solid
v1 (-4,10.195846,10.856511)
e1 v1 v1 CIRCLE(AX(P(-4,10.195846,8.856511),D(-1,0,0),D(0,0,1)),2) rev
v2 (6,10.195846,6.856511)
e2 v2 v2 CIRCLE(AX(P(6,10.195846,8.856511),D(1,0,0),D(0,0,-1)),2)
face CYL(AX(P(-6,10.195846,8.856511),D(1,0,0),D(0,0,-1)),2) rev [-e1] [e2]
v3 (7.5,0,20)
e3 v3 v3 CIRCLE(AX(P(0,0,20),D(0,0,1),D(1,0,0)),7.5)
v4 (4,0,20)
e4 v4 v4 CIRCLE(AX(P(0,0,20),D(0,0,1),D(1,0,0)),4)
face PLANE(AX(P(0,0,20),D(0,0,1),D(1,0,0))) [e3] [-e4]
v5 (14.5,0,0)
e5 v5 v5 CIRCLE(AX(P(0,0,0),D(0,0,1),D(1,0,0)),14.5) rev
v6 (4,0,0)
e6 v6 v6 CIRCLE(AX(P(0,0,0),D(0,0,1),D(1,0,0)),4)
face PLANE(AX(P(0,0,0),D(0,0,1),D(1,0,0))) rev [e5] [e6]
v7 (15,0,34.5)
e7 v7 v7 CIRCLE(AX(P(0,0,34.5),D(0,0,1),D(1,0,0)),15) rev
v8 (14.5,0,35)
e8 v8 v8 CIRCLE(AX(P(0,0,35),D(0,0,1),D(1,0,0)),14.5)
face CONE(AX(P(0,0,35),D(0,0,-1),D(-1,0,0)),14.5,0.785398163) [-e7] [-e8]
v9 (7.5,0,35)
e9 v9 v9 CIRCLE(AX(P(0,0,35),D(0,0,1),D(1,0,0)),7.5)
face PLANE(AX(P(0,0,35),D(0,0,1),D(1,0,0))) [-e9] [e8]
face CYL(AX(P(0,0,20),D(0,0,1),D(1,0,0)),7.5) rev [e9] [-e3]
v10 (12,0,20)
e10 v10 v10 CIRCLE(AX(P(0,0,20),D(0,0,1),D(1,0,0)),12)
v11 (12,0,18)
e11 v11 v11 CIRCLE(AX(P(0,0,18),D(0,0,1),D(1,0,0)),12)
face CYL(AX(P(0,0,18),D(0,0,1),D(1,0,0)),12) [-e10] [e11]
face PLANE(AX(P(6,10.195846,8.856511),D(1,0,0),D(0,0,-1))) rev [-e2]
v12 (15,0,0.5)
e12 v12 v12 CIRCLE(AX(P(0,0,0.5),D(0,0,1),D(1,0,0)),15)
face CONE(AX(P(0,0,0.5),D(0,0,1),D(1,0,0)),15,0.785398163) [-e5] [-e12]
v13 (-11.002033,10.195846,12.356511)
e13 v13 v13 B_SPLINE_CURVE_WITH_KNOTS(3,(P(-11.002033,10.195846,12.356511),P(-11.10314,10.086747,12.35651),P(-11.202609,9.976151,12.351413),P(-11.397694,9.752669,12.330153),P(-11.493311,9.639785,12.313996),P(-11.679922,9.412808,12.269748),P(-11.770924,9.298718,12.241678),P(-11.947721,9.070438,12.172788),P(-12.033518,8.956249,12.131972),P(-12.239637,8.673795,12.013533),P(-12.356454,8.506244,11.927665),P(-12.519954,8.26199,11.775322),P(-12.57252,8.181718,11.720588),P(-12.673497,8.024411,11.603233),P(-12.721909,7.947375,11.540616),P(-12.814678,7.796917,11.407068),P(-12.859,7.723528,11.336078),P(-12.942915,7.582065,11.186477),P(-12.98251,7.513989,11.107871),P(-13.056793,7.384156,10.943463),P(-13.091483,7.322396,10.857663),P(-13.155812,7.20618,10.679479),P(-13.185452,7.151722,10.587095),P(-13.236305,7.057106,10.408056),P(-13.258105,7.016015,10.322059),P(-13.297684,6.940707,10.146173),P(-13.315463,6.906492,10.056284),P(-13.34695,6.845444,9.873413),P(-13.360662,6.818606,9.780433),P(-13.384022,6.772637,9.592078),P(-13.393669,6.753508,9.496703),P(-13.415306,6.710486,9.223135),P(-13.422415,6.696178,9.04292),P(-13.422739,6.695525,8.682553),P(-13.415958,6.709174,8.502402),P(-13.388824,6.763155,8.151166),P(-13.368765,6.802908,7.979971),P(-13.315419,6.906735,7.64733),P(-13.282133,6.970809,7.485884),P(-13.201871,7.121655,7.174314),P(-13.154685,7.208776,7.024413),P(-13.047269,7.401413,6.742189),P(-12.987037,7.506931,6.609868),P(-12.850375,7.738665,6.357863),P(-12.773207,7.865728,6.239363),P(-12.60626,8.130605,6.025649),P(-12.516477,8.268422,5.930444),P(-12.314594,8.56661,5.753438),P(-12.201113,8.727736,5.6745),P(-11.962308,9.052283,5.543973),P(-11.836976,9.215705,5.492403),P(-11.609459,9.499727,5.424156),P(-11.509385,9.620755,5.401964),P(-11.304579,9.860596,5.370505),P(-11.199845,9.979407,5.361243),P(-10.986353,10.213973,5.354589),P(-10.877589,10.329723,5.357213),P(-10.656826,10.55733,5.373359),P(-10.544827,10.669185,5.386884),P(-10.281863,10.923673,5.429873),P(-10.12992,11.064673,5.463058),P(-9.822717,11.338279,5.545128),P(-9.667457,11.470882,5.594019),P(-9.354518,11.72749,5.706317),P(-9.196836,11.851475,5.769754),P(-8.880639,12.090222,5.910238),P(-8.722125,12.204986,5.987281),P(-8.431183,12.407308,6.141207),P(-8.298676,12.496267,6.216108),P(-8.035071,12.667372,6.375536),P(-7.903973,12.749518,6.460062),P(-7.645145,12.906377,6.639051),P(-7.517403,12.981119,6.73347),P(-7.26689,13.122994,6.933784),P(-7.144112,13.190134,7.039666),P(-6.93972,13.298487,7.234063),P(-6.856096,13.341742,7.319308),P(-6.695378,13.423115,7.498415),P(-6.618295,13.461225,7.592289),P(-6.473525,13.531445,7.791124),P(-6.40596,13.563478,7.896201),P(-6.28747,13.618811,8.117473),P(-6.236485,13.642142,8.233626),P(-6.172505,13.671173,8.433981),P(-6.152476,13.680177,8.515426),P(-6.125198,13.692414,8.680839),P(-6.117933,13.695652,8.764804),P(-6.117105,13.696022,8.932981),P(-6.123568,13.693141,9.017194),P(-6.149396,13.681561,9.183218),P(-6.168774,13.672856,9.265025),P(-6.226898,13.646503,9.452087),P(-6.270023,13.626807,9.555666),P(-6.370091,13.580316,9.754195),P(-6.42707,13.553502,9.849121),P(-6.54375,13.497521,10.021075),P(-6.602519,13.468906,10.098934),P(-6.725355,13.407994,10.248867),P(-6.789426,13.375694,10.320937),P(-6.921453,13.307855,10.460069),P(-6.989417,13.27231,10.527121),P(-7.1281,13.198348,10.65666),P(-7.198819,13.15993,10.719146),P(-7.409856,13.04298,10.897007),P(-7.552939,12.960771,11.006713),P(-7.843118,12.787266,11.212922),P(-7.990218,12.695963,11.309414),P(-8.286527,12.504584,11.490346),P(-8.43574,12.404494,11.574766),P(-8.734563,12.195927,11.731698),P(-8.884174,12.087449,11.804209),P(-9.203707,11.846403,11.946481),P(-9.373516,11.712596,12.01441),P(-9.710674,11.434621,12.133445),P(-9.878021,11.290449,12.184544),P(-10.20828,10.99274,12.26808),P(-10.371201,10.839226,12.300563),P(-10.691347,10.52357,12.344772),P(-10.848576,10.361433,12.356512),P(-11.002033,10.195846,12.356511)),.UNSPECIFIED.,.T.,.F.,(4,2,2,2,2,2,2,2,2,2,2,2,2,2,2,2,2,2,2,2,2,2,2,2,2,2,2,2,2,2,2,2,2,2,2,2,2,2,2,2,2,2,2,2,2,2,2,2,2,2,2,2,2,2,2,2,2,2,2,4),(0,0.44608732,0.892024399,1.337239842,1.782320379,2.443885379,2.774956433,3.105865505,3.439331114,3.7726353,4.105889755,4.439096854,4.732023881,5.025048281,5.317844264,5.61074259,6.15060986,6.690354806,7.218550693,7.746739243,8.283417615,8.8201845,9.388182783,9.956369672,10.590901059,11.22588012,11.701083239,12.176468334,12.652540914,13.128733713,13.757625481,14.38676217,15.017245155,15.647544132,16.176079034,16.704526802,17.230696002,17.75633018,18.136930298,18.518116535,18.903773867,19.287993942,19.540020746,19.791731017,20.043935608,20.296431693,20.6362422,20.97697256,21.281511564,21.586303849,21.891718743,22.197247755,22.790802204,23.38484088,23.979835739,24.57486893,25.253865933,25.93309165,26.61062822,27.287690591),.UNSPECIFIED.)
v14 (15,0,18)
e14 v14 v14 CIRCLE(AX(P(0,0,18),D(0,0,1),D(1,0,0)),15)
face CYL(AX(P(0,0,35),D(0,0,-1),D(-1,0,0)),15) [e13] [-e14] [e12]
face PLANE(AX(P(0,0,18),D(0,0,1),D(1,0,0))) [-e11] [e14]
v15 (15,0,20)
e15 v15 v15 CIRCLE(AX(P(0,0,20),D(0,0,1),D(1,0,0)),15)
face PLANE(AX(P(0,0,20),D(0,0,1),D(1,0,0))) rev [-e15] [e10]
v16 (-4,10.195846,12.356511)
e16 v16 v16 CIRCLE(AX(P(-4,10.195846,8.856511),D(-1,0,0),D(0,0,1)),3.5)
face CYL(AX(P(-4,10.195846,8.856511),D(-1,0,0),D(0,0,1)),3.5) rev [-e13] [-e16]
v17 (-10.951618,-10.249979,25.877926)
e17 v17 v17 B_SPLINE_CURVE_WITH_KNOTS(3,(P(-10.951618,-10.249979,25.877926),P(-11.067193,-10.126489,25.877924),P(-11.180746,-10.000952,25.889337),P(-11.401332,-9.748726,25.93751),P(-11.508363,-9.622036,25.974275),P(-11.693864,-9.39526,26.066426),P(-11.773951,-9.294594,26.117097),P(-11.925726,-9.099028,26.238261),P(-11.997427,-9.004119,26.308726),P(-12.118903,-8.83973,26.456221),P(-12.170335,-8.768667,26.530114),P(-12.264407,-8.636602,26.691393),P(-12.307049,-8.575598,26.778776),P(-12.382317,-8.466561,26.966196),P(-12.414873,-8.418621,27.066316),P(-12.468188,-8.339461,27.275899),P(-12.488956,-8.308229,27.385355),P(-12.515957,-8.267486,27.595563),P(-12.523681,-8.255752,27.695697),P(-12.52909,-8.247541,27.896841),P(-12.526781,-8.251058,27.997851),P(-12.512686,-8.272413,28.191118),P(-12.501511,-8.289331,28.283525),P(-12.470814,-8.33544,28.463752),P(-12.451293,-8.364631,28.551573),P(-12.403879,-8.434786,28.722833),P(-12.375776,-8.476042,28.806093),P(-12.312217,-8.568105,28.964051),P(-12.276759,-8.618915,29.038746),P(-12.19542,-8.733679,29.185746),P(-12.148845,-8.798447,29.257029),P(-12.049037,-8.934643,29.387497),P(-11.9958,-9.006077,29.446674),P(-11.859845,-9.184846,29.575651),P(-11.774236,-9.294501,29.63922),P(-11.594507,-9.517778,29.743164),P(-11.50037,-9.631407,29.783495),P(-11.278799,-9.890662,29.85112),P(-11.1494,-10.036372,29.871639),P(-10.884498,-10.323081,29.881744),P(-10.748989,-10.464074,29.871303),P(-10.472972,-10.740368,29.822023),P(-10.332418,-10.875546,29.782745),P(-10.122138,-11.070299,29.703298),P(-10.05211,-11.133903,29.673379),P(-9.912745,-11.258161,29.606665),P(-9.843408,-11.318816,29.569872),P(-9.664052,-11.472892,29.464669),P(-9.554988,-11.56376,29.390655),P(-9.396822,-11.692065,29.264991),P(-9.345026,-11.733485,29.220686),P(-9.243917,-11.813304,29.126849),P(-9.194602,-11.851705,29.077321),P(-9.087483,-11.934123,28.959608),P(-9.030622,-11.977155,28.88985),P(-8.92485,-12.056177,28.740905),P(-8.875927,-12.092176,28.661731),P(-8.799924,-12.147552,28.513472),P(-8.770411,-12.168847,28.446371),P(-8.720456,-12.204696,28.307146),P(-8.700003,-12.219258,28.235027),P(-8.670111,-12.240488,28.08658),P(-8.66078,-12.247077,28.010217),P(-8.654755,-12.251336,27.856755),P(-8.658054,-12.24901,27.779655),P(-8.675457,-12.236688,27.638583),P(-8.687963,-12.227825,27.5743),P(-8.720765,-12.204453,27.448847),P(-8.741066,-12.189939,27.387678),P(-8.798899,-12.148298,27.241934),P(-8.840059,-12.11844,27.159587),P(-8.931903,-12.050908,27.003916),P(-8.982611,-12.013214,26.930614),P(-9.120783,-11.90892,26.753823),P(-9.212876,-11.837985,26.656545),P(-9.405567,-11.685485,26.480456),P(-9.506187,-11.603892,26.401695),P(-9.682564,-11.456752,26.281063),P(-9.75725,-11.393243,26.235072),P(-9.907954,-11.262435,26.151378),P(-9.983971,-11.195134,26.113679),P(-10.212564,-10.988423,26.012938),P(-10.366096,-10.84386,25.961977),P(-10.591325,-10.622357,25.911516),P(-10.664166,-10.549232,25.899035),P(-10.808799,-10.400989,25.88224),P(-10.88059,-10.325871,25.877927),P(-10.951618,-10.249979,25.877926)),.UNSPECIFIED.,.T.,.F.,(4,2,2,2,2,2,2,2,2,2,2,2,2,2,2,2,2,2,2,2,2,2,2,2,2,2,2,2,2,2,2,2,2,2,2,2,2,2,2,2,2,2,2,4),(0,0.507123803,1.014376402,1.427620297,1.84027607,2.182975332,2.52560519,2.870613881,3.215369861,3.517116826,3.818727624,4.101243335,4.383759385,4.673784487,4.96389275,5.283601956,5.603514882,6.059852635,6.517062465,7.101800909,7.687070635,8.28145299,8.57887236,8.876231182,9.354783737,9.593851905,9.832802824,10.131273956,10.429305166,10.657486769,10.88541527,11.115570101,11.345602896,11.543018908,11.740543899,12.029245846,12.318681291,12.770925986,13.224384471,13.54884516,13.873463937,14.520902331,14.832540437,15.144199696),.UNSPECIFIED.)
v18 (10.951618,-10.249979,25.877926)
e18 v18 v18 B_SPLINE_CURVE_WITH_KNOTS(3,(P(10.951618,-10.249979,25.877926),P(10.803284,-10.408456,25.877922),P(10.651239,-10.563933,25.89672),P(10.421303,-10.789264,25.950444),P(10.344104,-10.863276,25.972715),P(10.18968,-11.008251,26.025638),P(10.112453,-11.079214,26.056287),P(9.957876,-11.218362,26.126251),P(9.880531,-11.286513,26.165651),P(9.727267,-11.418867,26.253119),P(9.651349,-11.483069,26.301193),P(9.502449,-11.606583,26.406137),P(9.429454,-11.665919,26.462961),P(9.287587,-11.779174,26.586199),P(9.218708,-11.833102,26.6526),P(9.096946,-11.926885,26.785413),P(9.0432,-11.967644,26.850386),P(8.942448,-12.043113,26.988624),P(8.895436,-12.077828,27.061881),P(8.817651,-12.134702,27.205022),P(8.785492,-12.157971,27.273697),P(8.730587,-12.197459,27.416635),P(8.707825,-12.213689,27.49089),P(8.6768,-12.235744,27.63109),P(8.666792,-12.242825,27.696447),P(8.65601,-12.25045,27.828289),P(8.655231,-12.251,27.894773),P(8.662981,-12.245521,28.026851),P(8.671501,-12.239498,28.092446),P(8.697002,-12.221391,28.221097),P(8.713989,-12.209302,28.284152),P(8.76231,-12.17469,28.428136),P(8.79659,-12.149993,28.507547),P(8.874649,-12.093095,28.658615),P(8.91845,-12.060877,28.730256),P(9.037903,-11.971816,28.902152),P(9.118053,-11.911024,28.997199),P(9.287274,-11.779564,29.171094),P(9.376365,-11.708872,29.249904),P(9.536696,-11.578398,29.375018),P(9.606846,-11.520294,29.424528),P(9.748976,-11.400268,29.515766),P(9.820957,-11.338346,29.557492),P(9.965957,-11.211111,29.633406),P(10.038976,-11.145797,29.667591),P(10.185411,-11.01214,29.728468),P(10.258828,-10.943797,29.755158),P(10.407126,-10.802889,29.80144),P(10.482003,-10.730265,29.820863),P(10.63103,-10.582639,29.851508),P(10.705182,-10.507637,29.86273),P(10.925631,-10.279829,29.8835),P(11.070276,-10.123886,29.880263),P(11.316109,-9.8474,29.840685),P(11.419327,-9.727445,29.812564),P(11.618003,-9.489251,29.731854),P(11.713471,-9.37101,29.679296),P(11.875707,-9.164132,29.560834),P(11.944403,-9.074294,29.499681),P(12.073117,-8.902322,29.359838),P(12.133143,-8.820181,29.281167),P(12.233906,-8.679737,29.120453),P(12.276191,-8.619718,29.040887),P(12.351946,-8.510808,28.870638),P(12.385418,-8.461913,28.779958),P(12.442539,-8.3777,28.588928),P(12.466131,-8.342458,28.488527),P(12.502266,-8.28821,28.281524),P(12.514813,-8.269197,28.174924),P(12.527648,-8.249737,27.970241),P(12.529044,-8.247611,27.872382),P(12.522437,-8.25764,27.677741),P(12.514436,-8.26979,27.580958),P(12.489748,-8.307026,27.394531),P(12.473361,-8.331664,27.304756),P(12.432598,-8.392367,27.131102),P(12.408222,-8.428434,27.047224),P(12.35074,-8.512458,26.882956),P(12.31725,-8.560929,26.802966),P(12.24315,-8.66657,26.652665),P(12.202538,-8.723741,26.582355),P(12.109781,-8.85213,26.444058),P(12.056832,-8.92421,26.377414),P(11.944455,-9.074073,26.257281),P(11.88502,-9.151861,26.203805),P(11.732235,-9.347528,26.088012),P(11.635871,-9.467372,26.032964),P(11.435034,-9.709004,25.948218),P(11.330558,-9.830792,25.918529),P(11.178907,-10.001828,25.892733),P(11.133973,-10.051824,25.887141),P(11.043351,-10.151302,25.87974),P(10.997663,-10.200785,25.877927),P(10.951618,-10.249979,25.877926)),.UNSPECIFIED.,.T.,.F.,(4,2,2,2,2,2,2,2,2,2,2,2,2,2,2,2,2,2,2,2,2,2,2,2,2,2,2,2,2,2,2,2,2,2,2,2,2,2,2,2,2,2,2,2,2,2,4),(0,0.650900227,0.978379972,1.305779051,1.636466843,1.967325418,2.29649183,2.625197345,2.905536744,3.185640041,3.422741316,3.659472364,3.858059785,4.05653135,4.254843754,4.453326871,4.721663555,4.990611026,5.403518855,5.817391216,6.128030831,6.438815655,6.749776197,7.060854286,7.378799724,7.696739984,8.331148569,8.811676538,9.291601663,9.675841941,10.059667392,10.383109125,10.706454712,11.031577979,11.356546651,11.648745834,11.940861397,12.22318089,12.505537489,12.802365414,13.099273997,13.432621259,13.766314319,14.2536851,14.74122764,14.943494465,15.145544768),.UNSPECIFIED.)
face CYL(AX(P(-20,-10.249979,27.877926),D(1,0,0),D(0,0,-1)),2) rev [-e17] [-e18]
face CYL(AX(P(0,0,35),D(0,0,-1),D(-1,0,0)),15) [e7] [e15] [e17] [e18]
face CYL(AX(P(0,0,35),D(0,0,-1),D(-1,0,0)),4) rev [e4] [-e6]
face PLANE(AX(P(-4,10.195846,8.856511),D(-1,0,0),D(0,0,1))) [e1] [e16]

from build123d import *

# Parameters (mm, degrees)
SKETCH_1_R          = 15
SKETCH_1_R_2        = 4
EXTRUDE_1_DEPTH     = 35
SKETCH_2_R          = 7.5
CUT_EXTRUDE_1_DEPTH = 15
SKETCH_3_R          = 2
CUT_EXTRUDE_2_DEPTH = 6
SKETCH_4_R          = 3.5
CUT_EXTRUDE_3_DEPTH = 10
CUT_EXTRUDE_START   = -2
SKETCH_5_R          = 15
SKETCH_5_R_2        = 12
CUT_EXTRUDE_4_DEPTH = 2
SKETCH_6_R          = 2
CUT_EXTRUDE_5_DEPTH = 20
CHAMFER_1_SIZE      = 0.5


with BuildPart() as part:
    # 草图1 → 凸台-拉伸1 (new body)
    with BuildSketch(Plane.XY):
        Circle(SKETCH_1_R)
        Circle(SKETCH_1_R_2, mode=Mode.SUBTRACT)
    extrude(amount=EXTRUDE_1_DEPTH)

    # 草图2 → 切除-拉伸1 (cut)
    with BuildSketch(Plane.XY.offset(35)):
        Circle(SKETCH_2_R)
    extrude(amount=-CUT_EXTRUDE_1_DEPTH, mode=Mode.SUBTRACT)

    # 草图3 → 切除-拉伸2 (cut, symmetric)
    with BuildSketch(Plane(origin=(0, 0, 0), x_dir=(0, 0, -1), z_dir=(1, 0, 0))):
        with Locations((-8.856511141, 10.195845598)):
            Circle(SKETCH_3_R)
    extrude(amount=CUT_EXTRUDE_2_DEPTH, both=True, mode=Mode.SUBTRACT)

    # 草图4 → 切除-拉伸3 (cut)
    with BuildSketch(Plane.ZY.offset(14)):
        with Locations((8.856511141, 10.195845598)):
            Circle(SKETCH_4_R)
    extrude(amount=-CUT_EXTRUDE_3_DEPTH, mode=Mode.SUBTRACT)

    # 草图5 → 切除-拉伸4 (cut)
    with BuildSketch(Plane.XY.offset(20).offset(CUT_EXTRUDE_START)):
        Circle(SKETCH_5_R)
        Circle(SKETCH_5_R_2, mode=Mode.SUBTRACT)
    extrude(amount=CUT_EXTRUDE_4_DEPTH, mode=Mode.SUBTRACT)

    # 草图6 → 切除-拉伸5 (cut, symmetric)
    with BuildSketch(Plane(origin=(0, 0, 0), x_dir=(0, 0, -1), z_dir=(1, 0, 0))):
        with Locations((-27.877925761, -10.249978731)):
            Circle(SKETCH_6_R)
    extrude(amount=CUT_EXTRUDE_5_DEPTH, both=True, mode=Mode.SUBTRACT)

    # 倒角1
    chamfer_1_edges = [part.edges().sort_by_distance(p)[0] for p in [
        (-15, 0, 0),
        (-15, 0, 35),
    ]]
    chamfer(chamfer_1_edges, length=CHAMFER_1_SIZE)


solid = part.part
